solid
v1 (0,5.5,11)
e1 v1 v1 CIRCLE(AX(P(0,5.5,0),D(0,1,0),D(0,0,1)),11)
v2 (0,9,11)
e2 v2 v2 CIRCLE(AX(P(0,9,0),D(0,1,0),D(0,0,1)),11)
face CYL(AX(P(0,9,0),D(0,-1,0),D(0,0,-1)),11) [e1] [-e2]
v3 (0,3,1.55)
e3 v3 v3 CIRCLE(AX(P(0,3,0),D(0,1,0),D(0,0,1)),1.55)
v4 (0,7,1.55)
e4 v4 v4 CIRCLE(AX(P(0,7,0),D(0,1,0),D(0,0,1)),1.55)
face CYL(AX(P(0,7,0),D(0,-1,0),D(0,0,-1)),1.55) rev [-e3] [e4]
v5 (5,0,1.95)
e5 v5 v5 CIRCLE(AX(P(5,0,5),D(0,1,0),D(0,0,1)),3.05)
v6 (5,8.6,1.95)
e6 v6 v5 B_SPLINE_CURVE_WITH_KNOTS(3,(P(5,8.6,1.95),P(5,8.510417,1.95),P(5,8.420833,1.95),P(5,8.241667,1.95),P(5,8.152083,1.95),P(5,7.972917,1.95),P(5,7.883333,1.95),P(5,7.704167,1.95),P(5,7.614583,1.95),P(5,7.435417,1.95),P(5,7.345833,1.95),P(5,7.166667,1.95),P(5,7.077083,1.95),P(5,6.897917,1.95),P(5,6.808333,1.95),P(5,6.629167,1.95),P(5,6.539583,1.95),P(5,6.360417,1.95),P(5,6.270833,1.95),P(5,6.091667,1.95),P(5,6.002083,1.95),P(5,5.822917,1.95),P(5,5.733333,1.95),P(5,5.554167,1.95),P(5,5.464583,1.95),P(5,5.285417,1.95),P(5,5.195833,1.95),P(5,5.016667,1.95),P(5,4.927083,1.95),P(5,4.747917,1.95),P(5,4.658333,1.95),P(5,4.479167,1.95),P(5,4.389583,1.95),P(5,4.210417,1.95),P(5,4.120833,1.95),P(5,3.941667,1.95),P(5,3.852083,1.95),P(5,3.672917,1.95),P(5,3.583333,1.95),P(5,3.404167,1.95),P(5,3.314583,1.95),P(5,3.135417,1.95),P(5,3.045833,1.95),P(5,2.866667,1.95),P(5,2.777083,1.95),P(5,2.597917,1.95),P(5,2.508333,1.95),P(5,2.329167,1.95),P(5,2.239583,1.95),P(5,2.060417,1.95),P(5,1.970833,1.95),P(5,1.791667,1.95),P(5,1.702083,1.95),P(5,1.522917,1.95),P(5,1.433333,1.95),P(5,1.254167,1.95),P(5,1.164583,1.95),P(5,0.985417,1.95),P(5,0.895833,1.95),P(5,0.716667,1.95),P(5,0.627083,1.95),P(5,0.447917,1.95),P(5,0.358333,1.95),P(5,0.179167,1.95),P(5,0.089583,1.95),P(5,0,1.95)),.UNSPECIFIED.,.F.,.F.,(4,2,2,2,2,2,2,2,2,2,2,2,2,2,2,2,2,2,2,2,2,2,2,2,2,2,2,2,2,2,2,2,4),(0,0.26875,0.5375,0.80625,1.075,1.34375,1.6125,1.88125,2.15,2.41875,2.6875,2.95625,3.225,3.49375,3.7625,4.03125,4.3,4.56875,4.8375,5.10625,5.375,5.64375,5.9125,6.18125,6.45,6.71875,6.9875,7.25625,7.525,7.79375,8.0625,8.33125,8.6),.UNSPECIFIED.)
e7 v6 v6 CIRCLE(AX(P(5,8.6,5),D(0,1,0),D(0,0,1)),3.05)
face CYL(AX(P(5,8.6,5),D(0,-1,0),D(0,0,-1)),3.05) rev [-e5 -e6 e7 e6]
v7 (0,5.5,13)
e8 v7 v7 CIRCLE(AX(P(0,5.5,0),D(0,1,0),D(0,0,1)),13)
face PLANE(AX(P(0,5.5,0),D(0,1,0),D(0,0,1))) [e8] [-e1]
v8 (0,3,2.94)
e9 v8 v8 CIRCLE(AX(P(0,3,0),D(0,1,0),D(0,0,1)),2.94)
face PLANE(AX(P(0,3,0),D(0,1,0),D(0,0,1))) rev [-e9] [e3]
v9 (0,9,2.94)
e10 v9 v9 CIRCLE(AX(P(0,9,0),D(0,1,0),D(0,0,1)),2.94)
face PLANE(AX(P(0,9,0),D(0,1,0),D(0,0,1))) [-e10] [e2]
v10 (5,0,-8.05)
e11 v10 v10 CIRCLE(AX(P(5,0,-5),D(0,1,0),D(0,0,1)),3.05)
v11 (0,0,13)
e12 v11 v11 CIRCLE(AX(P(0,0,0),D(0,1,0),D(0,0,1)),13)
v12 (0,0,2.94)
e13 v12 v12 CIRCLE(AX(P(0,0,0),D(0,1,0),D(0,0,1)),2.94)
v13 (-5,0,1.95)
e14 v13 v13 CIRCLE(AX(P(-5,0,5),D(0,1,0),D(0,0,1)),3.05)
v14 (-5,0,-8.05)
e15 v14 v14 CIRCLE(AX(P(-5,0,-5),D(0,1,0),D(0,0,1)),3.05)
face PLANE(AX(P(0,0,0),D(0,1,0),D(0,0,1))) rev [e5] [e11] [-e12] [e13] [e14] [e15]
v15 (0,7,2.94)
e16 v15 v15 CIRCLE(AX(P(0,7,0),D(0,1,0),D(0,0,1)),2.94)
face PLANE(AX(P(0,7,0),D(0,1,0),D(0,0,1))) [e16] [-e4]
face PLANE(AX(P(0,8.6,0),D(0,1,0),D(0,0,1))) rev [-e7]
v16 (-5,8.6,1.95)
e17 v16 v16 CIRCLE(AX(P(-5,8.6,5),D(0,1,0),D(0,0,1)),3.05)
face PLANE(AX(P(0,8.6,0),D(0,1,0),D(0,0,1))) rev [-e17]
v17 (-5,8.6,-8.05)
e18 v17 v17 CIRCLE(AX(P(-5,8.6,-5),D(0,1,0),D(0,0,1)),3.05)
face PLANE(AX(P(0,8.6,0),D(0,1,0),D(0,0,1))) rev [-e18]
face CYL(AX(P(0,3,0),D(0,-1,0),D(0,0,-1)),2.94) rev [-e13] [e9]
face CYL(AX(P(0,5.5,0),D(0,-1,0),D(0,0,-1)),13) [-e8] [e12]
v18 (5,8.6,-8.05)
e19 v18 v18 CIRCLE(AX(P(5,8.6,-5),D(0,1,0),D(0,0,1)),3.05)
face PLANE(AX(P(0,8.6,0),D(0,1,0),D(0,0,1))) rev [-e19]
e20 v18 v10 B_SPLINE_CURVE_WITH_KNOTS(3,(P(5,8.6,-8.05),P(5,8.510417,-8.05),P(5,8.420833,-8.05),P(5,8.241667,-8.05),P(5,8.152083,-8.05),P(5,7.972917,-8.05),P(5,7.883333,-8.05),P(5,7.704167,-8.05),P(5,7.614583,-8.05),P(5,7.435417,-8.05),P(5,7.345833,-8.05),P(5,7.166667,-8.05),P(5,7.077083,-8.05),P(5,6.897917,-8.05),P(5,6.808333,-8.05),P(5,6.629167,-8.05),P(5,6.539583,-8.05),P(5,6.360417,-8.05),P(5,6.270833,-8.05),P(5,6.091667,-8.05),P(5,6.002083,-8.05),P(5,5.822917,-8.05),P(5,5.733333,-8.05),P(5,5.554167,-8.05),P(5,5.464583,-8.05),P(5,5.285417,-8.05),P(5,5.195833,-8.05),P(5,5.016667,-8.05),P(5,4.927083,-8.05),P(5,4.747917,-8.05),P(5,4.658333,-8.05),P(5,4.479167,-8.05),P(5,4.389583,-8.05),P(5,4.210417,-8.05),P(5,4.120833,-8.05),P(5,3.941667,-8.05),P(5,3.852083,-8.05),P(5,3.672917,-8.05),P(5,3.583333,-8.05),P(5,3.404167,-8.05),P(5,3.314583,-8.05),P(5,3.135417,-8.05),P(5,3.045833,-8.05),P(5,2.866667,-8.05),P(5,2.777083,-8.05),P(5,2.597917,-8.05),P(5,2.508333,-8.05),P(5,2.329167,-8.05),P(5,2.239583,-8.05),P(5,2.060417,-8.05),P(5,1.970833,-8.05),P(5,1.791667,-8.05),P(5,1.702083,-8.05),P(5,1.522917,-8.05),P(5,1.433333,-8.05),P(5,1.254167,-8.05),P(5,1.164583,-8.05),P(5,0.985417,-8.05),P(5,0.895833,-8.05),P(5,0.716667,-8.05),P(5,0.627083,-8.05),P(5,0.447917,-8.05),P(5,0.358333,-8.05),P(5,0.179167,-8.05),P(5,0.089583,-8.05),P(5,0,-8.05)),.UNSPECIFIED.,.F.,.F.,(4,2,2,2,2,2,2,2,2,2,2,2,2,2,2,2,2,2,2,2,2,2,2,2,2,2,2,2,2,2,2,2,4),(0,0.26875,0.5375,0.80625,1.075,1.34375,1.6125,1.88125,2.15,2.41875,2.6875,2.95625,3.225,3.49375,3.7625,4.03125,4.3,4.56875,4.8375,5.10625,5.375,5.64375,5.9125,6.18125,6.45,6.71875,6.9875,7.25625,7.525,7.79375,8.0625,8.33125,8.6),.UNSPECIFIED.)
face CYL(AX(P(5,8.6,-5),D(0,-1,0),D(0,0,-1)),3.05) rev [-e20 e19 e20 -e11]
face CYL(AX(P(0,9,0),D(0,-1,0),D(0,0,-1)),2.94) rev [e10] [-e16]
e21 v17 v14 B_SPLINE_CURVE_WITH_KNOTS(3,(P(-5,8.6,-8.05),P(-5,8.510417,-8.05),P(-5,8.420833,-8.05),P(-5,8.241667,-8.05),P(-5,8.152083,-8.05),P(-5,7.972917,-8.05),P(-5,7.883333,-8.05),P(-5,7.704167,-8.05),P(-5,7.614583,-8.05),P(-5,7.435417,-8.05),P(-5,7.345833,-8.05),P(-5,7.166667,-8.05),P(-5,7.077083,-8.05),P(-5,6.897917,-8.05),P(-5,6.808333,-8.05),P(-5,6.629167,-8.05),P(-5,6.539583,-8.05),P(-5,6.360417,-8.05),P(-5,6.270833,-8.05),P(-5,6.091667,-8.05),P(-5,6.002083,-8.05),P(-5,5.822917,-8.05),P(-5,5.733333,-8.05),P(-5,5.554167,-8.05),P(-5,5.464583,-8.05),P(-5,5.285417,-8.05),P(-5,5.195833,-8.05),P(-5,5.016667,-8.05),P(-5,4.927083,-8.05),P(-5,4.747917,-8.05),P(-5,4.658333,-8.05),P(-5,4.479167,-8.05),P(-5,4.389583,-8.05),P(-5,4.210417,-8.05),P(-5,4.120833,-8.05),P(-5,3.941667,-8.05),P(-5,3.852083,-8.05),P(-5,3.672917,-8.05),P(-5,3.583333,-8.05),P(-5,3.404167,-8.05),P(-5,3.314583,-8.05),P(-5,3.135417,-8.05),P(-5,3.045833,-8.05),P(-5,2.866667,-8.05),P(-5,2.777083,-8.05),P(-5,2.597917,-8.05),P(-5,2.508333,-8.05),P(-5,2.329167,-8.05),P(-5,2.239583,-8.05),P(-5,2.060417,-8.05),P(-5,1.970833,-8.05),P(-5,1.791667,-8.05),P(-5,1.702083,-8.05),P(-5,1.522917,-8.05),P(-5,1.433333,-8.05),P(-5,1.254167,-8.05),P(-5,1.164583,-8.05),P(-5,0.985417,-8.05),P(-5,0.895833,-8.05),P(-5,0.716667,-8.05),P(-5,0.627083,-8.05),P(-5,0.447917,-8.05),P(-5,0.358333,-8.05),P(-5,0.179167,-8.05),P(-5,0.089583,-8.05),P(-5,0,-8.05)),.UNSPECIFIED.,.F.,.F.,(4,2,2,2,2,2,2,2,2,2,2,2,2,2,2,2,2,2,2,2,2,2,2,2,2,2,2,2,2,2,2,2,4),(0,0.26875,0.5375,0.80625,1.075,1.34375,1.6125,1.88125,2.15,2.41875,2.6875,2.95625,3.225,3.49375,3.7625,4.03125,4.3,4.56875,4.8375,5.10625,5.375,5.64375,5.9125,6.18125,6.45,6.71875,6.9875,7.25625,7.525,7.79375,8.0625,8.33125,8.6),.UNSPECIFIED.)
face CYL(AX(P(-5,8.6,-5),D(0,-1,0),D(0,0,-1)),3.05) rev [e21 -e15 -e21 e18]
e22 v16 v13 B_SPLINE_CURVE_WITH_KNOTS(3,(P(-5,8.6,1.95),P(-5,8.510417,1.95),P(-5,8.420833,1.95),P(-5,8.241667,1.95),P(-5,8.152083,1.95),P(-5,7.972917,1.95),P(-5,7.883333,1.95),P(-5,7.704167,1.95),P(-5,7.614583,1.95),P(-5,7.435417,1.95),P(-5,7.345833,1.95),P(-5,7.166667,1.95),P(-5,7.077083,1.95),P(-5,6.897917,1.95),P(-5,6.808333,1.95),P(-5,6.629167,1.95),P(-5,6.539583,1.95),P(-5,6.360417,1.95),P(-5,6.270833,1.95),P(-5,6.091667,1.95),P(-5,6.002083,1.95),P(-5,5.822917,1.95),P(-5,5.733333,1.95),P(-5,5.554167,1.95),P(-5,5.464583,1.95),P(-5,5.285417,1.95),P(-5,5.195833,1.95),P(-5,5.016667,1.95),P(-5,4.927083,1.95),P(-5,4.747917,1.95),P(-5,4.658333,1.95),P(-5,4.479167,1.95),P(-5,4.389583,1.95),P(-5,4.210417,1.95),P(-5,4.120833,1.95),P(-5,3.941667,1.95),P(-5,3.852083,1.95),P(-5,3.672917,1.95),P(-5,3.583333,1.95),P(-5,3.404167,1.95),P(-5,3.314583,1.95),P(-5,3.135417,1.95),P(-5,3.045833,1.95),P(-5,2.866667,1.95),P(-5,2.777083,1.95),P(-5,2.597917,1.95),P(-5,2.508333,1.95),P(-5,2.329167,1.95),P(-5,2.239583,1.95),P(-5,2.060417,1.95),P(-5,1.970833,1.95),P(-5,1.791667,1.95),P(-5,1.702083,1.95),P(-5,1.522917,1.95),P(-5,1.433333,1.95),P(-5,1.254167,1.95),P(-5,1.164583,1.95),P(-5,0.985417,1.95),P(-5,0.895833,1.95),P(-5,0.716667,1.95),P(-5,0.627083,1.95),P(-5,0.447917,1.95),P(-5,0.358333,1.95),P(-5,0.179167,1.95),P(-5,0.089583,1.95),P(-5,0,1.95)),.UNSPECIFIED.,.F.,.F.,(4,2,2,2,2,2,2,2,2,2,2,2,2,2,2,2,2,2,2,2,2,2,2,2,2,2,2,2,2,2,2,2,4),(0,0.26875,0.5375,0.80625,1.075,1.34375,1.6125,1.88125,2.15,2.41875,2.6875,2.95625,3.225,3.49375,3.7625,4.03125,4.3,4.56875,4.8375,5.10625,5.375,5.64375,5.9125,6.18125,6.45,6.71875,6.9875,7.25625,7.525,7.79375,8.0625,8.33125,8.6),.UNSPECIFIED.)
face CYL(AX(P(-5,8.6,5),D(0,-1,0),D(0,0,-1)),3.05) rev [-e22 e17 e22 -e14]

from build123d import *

# Parameters (mm, degrees)
SKETCH2_R           = 11
SKETCH2_R_2         = 2.94
BOSS_EXTRUDE1_DEPTH = 9
SKETCH2_3_R         = 2.94
SKETCH2_3_R_2       = 1.55
BOSS_EXTRUDE2_DEPTH = 7
SKETCH2_4_R         = 2.94
SKETCH2_4_R_2       = 1.55
CUT_EXTRUDE1_DEPTH  = 3
SKETCH2_6_R         = 3.05
CUT_EXTRUDE2_DEPTH  = 8.6
SKETCH2_7_R         = 13
SKETCH2_7_R_2       = 11
BOSS_EXTRUDE3_DEPTH = 5.5


with BuildPart() as part:
    # Sketch2 → Boss-Extrude1 (new body)
    with BuildSketch(Plane(origin=(0, 0, 0), x_dir=(1, 0, 0), z_dir=(0, 1, 0))):
        with Locations(Location((0, 0, 0), (0, 0, 270))):
            Circle(SKETCH2_R)
        with Locations(Location((0, 0, 0), (0, 0, 270))):
            Circle(SKETCH2_R_2, mode=Mode.SUBTRACT)
    extrude(amount=BOSS_EXTRUDE1_DEPTH)

    # Sketch2<3> → Boss-Extrude2 (add)
    with BuildSketch(Plane(origin=(0, 0, 0), x_dir=(1, 0, 0), z_dir=(0, 1, 0))):
        with Locations(Location((0, 0, 0), (0, 0, 270))):
            Circle(SKETCH2_3_R)
        with Locations(Location((0, 0, 0), (0, 0, 270))):
            Circle(SKETCH2_3_R_2, mode=Mode.SUBTRACT)
    extrude(amount=BOSS_EXTRUDE2_DEPTH)

    # Sketch2<4> → Cut-Extrude1 (cut)
    with BuildSketch(Plane(origin=(0, 0, 0), x_dir=(1, 0, 0), z_dir=(0, 1, 0))):
        with Locations(Location((0, 0, 0), (0, 0, 270))):
            Circle(SKETCH2_4_R)
        with Locations(Location((0, 0, 0), (0, 0, 270))):
            Circle(SKETCH2_4_R_2, mode=Mode.SUBTRACT)
    extrude(amount=CUT_EXTRUDE1_DEPTH, mode=Mode.SUBTRACT)

    # Sketch2<6> → Cut-Extrude2 (cut)
    with BuildSketch(Plane(origin=(0, 0, 0), x_dir=(1, 0, 0), z_dir=(0, 1, 0))):
        with Locations(Location((5, 5, 0), (0, 0, 90))):
            Circle(SKETCH2_6_R)
        with Locations(Location((5, -5, 0), (0, 0, 90))):
            Circle(SKETCH2_6_R)
        with Locations(Location((-5, -5, 0), (0, 0, 90))):
            Circle(SKETCH2_6_R)
        with Locations(Location((-5, 5, 0), (0, 0, 90))):
            Circle(SKETCH2_6_R)
    extrude(amount=CUT_EXTRUDE2_DEPTH, mode=Mode.SUBTRACT)

    # Sketch2<7> → Boss-Extrude3 (add)
    with BuildSketch(Plane(origin=(0, 0, 0), x_dir=(1, 0, 0), z_dir=(0, 1, 0))):
        with Locations(Location((0, 0, 0), (0, 0, 270))):
            Circle(SKETCH2_7_R)
        with Locations(Location((0, 0, 0), (0, 0, 270))):
            Circle(SKETCH2_7_R_2, mode=Mode.SUBTRACT)
    extrude(amount=BOSS_EXTRUDE3_DEPTH)


solid = part.part
